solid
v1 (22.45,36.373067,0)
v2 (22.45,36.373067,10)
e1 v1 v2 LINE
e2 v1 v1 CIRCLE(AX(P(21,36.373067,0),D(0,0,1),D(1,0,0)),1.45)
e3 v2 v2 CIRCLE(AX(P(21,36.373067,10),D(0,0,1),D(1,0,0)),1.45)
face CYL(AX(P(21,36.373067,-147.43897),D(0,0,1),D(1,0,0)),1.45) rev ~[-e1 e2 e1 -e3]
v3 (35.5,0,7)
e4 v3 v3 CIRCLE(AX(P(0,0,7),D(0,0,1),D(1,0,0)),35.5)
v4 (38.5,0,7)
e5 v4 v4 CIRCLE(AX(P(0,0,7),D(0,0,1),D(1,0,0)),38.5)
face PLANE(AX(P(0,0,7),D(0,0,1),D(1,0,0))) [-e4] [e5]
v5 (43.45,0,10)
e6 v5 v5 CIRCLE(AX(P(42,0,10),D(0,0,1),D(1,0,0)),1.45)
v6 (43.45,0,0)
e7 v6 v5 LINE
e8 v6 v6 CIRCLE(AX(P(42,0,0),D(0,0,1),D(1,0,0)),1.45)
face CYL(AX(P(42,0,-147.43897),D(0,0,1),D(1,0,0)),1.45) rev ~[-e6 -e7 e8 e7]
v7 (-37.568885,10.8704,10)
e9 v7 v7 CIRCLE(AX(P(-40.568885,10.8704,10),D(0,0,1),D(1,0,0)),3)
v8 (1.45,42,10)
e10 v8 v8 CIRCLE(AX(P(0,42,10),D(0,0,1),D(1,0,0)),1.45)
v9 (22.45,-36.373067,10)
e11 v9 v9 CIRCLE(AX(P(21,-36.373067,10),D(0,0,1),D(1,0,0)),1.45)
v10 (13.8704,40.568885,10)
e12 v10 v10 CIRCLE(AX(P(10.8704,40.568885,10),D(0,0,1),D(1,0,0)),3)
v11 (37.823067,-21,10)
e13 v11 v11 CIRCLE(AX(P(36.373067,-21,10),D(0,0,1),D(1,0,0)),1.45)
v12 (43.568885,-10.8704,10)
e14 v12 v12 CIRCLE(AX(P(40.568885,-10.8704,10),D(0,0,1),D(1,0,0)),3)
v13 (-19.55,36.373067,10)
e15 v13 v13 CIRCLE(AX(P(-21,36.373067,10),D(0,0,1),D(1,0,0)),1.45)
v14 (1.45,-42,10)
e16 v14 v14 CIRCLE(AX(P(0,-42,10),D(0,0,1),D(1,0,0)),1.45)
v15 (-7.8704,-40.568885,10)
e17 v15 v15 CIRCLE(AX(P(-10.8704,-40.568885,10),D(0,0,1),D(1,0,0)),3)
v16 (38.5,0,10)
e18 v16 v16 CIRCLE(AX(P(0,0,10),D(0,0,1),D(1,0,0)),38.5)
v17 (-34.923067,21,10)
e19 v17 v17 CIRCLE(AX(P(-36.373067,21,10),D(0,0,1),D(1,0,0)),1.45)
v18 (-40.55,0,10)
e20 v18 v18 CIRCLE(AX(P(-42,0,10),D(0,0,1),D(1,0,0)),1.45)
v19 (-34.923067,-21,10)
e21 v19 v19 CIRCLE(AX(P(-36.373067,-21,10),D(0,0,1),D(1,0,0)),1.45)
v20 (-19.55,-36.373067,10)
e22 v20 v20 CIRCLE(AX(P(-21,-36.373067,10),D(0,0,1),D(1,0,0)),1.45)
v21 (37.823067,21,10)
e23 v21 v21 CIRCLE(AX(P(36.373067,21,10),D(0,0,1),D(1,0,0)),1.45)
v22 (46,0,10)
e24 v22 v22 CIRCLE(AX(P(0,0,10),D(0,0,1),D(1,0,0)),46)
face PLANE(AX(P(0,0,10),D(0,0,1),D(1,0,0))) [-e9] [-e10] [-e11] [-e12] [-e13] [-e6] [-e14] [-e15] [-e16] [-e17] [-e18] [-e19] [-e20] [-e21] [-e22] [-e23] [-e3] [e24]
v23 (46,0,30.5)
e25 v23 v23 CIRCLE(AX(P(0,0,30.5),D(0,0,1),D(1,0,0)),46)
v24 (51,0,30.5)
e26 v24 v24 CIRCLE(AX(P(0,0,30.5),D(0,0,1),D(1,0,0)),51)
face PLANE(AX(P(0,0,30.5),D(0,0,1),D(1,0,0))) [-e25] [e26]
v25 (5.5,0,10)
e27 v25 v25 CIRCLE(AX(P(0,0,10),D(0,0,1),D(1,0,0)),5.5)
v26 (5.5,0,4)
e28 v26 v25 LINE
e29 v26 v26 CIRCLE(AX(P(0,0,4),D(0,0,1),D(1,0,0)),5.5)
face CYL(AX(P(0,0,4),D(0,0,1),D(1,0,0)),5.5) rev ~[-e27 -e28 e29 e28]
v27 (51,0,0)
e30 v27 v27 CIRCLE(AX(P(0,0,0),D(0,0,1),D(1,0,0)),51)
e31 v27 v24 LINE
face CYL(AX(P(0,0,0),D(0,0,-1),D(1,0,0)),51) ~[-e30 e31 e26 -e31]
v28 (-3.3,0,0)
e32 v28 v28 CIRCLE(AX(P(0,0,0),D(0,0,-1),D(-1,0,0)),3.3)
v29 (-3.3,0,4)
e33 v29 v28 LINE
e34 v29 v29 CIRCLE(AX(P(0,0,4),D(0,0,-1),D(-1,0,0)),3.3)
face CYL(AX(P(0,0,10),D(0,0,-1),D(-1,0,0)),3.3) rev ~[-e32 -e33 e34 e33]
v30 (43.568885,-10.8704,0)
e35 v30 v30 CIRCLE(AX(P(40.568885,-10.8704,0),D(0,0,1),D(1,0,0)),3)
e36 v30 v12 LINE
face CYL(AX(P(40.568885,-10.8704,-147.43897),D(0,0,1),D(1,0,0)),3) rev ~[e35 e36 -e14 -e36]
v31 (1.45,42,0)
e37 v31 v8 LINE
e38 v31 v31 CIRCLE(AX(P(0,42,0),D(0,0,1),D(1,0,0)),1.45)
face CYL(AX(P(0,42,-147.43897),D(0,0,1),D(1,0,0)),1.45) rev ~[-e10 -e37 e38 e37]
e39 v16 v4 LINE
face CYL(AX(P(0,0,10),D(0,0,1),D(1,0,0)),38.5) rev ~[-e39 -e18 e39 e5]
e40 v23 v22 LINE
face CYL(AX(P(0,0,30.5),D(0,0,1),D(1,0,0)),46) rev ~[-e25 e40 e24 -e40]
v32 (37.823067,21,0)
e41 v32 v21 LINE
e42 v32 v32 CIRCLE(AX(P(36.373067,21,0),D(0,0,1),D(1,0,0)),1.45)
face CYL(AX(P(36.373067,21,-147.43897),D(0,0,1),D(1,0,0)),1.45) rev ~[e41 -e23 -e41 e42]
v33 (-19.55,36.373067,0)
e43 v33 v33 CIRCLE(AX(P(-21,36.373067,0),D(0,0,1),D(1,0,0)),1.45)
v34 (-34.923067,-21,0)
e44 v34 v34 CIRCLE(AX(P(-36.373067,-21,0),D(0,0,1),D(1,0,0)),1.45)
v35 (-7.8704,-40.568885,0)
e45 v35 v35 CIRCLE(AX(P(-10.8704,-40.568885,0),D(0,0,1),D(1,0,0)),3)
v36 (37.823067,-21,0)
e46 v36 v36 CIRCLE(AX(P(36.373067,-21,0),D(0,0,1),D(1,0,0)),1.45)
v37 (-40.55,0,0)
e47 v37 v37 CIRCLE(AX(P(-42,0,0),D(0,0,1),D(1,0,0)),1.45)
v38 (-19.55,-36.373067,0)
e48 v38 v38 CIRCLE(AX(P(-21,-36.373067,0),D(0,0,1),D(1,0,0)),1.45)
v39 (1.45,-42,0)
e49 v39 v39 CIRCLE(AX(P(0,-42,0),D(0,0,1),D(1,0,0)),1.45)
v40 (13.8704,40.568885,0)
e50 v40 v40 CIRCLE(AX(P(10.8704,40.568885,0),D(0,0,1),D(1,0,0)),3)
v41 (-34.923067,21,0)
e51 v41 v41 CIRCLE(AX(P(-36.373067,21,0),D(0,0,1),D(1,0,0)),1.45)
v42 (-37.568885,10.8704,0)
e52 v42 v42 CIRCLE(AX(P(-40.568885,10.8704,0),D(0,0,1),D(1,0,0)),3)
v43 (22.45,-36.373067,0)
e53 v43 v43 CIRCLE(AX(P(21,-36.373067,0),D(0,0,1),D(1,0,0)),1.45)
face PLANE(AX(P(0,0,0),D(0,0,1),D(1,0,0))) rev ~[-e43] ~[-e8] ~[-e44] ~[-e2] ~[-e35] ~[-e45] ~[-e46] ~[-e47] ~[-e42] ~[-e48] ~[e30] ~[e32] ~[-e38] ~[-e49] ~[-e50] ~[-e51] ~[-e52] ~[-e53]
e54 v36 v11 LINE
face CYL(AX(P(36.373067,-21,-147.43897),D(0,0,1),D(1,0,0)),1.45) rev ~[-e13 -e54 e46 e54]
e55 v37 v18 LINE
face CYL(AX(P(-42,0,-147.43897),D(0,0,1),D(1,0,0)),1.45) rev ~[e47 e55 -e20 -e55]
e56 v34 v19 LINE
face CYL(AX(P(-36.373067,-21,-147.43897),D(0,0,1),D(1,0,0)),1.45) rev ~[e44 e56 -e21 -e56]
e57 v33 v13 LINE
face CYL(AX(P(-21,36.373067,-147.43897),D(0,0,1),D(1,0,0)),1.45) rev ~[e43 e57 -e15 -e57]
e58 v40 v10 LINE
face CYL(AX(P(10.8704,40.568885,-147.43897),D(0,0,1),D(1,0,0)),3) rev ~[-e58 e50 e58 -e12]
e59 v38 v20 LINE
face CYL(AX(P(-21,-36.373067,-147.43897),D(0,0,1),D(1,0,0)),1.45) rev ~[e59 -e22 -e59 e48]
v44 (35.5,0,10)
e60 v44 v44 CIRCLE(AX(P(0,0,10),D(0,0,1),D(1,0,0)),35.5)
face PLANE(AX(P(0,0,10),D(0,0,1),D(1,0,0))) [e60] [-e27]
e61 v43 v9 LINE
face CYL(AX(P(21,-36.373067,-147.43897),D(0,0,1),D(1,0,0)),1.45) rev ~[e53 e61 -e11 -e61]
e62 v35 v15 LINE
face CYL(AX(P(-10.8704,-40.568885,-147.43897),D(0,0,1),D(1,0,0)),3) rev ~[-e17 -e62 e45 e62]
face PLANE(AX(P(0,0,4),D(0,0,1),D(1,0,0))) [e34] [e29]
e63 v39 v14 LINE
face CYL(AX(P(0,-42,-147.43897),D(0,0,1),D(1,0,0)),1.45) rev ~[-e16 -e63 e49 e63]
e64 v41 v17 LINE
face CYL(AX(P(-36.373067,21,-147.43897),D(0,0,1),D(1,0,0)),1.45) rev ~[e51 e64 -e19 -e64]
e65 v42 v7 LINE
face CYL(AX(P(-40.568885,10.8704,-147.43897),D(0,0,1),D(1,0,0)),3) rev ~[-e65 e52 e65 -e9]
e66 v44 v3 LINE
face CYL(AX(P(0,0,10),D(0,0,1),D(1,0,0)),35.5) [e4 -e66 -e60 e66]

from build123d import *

# Parameters (mm, degrees)
SKETCH2_R                                       = 51
BOSS_EXTRUDE1_DEPTH                             = 30.5
SKETCH3_R                                       = 46
CUT_EXTRUDE1_DEPTH                              = 20.5
M3_5X0_6_TAPPED_HOLE1_D                         = 2.9
F_6_0MM_DOWEL_HOLE1_D                           = 6
SKETCH10_R                                      = 38.5
SKETCH10_R_2                                    = 35.5
CUT_EXTRUDE2_DEPTH                              = 3
CBORE_FOR_M6_SOCKET_HEAD_CAP_SCREW1_D           = 6.6
CBORE_FOR_M6_SOCKET_HEAD_CAP_SCREW1_CBORE_D     = 11
CBORE_FOR_M6_SOCKET_HEAD_CAP_SCREW1_CBORE_DEPTH = 6


with BuildPart() as part:
    # Sketch2 → Boss-Extrude1 (new body)
    with BuildSketch(Plane.XY):
        Circle(SKETCH2_R)
    extrude(amount=BOSS_EXTRUDE1_DEPTH)

    # Sketch3 → Cut-Extrude1 (cut)
    with BuildSketch(Plane.XY.offset(30.5)):
        Circle(SKETCH3_R)
    extrude(amount=-CUT_EXTRUDE1_DEPTH, mode=Mode.SUBTRACT)

    # M3.5x0.6 Tapped Hole1 (through all)
    with Locations(Plane(origin=(0, 0, 0), x_dir=(-1, 0, 0), z_dir=(0, 0, -1))):
        with Locations((21, 36.373066959), (36.373066959, 21), (42, 0), (36.373066959, -21), (21, -36.373066959), (0, -42), (-21, -36.373066959), (-36.373066959, -21), (-42, 0), (-36.373066959, 21), (-21, 36.373066959), (0, 42)):
            Hole(M3_5X0_6_TAPPED_HOLE1_D / 2)

    # Ø6.0mm Dowel Hole1 (through all)
    with Locations(Plane(origin=(0, 0, 0), x_dir=(-1, 0, 0), z_dir=(0, 0, -1))):
        with Locations((-10.870399894, 40.568884704), (40.568884704, 10.870399894), (10.870399894, -40.568884704), (-40.568884704, -10.870399894)):
            Hole(F_6_0MM_DOWEL_HOLE1_D / 2)

    # Sketch10 → Cut-Extrude2 (cut)
    with BuildSketch(Plane.XY.offset(10)):
        Circle(SKETCH10_R)
        Circle(SKETCH10_R_2, mode=Mode.SUBTRACT)
    extrude(amount=-CUT_EXTRUDE2_DEPTH, mode=Mode.SUBTRACT)

    # CBORE for M6 Socket Head Cap Screw1 (through all)
    with Locations(Plane.XY.offset(10)):
        with Locations((0, 0)):
            CounterBoreHole(CBORE_FOR_M6_SOCKET_HEAD_CAP_SCREW1_D / 2, CBORE_FOR_M6_SOCKET_HEAD_CAP_SCREW1_CBORE_D / 2, CBORE_FOR_M6_SOCKET_HEAD_CAP_SCREW1_CBORE_DEPTH)


solid = part.part
